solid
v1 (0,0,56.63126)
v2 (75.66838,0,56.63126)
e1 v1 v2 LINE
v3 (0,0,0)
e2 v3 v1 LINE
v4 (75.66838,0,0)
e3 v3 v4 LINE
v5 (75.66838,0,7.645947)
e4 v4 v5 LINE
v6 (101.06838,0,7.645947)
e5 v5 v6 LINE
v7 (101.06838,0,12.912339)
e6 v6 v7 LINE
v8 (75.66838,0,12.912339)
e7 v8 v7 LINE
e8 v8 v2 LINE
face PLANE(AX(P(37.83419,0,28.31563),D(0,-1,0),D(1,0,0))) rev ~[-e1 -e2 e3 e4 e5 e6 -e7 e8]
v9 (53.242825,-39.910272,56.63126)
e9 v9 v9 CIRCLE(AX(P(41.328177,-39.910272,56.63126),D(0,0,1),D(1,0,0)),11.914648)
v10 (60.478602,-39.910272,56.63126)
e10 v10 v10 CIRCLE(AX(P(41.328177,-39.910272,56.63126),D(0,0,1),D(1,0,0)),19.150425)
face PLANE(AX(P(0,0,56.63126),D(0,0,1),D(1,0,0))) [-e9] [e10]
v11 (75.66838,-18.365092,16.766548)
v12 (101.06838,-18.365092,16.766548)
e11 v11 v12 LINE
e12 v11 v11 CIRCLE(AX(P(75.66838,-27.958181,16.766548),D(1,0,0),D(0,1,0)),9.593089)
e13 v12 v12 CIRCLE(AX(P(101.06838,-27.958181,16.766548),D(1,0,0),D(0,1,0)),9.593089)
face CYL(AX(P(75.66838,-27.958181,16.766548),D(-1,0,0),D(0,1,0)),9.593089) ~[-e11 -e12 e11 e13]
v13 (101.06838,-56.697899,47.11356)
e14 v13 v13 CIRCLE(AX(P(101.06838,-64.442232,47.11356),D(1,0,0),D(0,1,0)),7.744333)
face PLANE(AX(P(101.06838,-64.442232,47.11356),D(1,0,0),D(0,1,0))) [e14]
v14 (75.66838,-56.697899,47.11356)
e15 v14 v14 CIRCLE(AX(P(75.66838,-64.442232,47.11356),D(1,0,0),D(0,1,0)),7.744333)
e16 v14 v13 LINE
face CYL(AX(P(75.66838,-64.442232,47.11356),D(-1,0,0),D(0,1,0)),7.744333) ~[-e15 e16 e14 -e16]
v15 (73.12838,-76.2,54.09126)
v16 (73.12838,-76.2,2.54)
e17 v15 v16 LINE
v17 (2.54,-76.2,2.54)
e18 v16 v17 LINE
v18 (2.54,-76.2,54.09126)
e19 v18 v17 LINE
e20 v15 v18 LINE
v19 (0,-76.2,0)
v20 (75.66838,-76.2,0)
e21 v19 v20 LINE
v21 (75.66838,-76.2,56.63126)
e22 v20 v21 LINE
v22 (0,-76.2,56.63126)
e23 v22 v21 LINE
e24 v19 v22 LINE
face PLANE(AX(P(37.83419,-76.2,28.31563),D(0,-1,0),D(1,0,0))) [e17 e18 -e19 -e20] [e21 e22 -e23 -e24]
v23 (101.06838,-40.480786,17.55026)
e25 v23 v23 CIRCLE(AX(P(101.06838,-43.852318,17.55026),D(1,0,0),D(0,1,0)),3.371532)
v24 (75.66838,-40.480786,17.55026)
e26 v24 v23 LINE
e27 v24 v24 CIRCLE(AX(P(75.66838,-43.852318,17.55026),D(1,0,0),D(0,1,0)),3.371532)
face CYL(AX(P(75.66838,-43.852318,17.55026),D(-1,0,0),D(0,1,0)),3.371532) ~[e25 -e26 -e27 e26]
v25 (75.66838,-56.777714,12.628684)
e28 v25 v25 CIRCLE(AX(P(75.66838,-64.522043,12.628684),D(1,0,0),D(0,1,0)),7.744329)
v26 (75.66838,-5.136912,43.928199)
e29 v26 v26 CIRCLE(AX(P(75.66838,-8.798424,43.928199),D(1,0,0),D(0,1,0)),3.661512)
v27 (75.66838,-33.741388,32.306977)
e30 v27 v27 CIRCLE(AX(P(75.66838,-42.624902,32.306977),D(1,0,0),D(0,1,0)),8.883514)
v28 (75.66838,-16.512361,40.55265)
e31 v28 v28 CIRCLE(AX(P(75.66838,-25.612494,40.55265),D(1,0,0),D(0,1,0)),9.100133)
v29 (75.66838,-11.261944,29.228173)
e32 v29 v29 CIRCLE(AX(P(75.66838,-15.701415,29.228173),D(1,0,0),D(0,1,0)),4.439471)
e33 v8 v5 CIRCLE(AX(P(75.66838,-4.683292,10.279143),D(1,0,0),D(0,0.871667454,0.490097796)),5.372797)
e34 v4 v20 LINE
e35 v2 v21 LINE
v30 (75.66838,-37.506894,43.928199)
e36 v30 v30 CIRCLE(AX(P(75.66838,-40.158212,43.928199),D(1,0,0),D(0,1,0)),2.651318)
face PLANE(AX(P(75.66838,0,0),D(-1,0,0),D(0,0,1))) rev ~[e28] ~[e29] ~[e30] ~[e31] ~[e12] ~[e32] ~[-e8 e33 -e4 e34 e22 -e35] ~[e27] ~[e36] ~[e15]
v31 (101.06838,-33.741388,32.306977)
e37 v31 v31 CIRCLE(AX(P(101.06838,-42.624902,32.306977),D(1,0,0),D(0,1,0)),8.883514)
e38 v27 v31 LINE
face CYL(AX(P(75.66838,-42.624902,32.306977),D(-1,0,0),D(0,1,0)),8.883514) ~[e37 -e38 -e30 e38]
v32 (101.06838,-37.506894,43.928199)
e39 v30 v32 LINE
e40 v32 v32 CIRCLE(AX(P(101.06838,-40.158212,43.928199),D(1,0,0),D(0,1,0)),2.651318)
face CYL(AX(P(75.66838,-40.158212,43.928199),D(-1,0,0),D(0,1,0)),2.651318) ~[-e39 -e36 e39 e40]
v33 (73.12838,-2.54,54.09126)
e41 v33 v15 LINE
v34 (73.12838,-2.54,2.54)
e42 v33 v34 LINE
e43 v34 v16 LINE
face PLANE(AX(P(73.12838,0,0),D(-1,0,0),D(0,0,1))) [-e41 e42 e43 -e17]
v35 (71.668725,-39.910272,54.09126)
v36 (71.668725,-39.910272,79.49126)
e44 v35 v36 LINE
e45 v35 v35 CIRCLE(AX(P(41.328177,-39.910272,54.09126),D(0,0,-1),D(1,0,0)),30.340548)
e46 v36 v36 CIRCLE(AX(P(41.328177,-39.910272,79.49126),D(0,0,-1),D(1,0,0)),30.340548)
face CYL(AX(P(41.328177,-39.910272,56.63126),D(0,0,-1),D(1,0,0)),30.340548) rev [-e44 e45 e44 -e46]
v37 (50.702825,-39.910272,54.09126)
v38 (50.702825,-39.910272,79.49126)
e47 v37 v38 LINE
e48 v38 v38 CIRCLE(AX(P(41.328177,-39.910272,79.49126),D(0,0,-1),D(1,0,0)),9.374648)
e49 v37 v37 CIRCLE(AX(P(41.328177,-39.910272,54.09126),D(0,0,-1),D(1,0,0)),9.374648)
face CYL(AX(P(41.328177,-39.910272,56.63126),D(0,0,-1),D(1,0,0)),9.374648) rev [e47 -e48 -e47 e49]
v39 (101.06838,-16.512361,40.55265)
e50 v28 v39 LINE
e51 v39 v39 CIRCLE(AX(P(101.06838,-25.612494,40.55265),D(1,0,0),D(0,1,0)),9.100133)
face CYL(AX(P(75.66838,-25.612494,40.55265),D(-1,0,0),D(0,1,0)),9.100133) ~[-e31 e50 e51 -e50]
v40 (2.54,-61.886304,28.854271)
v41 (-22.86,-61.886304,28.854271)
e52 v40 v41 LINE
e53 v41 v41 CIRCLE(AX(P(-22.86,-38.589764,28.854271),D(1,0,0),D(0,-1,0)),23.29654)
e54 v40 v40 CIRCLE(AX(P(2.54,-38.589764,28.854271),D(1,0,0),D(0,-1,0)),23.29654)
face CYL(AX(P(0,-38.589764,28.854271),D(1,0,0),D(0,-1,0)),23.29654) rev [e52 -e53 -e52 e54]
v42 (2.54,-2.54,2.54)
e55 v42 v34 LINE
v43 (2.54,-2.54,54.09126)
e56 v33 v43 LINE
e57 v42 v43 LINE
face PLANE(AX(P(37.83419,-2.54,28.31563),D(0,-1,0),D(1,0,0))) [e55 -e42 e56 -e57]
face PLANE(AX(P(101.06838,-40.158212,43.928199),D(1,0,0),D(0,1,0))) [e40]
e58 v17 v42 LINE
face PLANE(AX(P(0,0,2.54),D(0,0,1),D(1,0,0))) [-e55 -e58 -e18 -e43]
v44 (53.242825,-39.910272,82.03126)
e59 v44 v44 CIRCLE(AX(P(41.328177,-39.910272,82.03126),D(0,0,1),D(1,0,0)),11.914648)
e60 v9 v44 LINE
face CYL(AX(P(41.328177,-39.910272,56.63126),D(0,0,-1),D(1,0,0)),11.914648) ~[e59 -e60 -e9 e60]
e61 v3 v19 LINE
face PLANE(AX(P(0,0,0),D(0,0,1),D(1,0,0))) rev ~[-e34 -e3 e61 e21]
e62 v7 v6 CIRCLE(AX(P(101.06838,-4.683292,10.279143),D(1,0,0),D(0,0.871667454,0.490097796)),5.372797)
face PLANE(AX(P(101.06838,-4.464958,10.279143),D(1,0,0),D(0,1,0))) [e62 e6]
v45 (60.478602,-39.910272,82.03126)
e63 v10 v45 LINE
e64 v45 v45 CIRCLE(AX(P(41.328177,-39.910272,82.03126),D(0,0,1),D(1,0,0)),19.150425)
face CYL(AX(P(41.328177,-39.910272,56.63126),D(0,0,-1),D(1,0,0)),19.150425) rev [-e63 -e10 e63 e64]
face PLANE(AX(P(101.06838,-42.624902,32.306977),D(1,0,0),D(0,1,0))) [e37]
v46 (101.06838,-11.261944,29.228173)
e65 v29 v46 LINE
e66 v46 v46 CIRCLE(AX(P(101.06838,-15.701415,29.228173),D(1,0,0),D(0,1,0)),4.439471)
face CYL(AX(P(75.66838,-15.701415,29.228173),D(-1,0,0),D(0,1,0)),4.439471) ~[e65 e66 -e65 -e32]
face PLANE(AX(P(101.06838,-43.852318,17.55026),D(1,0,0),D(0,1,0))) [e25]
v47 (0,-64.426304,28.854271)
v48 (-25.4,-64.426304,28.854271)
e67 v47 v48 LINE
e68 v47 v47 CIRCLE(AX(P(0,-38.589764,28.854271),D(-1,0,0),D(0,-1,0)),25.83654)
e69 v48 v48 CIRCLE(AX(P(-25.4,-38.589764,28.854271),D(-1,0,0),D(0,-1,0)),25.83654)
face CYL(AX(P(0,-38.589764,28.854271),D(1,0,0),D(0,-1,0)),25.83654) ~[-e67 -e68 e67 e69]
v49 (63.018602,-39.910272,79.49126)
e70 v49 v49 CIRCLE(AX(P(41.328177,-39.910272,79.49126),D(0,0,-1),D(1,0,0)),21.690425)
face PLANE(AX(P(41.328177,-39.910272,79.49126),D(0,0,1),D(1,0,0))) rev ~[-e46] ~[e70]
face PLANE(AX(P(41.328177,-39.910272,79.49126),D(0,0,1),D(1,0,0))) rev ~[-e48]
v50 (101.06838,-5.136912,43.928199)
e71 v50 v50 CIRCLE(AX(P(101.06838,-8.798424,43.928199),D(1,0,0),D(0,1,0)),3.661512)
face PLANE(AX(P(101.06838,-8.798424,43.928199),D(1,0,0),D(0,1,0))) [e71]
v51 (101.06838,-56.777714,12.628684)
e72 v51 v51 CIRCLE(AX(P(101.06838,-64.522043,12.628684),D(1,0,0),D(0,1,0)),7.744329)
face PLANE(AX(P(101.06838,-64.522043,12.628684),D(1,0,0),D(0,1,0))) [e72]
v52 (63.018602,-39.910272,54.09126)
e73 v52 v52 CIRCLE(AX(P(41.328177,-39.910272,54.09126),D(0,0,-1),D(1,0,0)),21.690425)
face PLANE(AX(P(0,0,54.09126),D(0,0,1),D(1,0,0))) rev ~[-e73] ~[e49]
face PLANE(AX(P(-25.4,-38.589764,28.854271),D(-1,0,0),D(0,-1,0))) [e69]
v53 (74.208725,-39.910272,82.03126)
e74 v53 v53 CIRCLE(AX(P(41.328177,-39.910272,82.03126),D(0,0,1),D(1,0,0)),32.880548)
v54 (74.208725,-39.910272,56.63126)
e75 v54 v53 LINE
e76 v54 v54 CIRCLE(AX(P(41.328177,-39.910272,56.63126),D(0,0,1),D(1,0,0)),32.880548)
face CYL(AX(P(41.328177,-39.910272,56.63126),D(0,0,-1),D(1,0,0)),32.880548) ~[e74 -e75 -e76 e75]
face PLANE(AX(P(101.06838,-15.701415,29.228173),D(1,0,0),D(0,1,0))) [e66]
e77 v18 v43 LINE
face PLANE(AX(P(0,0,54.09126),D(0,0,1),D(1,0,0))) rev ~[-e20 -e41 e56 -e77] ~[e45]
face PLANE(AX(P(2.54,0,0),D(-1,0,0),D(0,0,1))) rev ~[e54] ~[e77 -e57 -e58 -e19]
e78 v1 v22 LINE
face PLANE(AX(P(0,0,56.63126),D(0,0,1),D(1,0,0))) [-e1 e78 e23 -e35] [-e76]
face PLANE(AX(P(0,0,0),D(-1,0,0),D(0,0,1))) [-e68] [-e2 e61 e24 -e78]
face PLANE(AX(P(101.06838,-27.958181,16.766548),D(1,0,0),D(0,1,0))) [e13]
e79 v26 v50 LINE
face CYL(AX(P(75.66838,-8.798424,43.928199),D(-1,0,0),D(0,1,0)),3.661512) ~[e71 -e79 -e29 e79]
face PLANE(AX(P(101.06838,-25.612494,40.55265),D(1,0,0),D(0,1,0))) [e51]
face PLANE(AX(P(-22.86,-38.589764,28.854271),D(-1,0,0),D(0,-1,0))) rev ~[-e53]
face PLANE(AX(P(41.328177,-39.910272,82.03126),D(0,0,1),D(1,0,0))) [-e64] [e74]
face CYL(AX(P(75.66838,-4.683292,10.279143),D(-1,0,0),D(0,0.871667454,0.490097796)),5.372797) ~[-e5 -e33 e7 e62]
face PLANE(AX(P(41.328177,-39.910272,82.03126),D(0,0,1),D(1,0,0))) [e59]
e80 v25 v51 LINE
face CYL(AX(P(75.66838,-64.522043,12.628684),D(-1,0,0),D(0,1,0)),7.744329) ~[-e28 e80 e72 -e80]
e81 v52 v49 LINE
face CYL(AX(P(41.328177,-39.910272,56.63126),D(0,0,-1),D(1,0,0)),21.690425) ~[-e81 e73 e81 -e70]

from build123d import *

# Parameters (mm, degrees)
F0_W     = 75.6683796644
F0_H     = 56.6312596202
F1_DEPTH = 76.2
F2_R     = 32.8805478482
F2_R_2   = 27.3422805509
F2_R_3   = 19.1504254532
F2_R_4   = 11.9146478849
F3_DEPTH = 25.4
F4_R     = 25.8365396263
F4_R_2   = 16.7772933898
F4_R_3   = 9.0542222029
F5_DEPTH = 25.4
F6_T     = -2.54
F7_R     = 3.661512341
F7_R_2   = 9.1001332581
F7_R_3   = 2.6513181401
F7_R_4   = 8.8835137034
F7_R_5   = 3.3715323173
F7_R_6   = 9.593089253
F7_R_7   = 4.4394708986
F7_R_8   = 7.7443328278
F7_R_9   = 7.7443291059
F8_DEPTH = 25.4


with BuildPart() as f1:
    # F0 (on Front) → F1 (new body)
    with BuildSketch(Plane.XZ):
        with Locations((37.8341898322, 28.3156298101)):
            Rectangle(F0_W, F0_H)
    extrude(amount=F1_DEPTH)

    # F2 (on face) → F3 (join)
    with BuildSketch(Plane.XY.offset(56.6312596202)):
        with Locations((41.328176856, -39.9102717638)):
            Circle(F2_R)
        with Locations((41.328176856, -39.9102717638)):
            Circle(F2_R_2, mode=Mode.SUBTRACT)
        with Locations((41.328176856, -39.9102717638)):
            Circle(F2_R_2)
        with Locations((41.328176856, -39.9102717638)):
            Circle(F2_R_3, mode=Mode.SUBTRACT)
        with Locations((41.328176856, -39.9102717638)):
            Circle(F2_R_4)
    extrude(amount=F3_DEPTH)

    # F4 (on face) → F5 (join)
    with BuildSketch(Plane(origin=(0, 0, 0), x_dir=(0, -1, 0), z_dir=(-1, 0, 0))):
        with Locations((38.5897643864, 28.854271397)):
            Circle(F4_R)
        with Locations((38.5897643864, 28.854271397)):
            Circle(F4_R_2, mode=Mode.SUBTRACT)
        with Locations((38.5897643864, 28.854271397)):
            Circle(F4_R_2)
        with Locations((38.5897643864, 28.854271397)):
            Circle(F4_R_3, mode=Mode.SUBTRACT)
        with Locations((38.5897643864, 28.854271397)):
            Circle(F4_R_3)
    extrude(amount=F5_DEPTH)

    # F6
    f6_openings = [f1.faces().sort_by_distance(p)[0] for p in [
        (37.83419, -76.2, 28.31563),
    ]]
    offset(amount=F6_T, openings=f6_openings, kind=Kind.INTERSECTION)

    # F7 (on face) → F8 (join)
    with BuildSketch(Plane.YZ.offset(75.6683796644)):
        with Locations((-8.7984241545, 43.9281985164)):
            Circle(F7_R)
        with Locations((-25.612493977, 40.552649647)):
            Circle(F7_R_2)
        with Locations((-40.1582121849, 43.9281985164)):
            Circle(F7_R_3)
        with Locations((-42.6249019802, 32.3069766164)):
            Circle(F7_R_4)
        with Locations((-43.8523180783, 17.5502598286)):
            Circle(F7_R_5)
        with Locations((-27.9581807554, 16.7665481567)):
            Circle(F7_R_6)
        with Locations((-15.7014150172, 29.2281731963)):
            Circle(F7_R_7)
        with BuildLine():
            Line((0, 7.6459474177), (0, 12.9123390406))
            ThreePointArc((0, 12.9123390406), (-10.0560886873, 10.2791432291), (0, 7.6459474177))
        make_face()
        with Locations((-64.4422322512, 47.1135601401)):
            Circle(F7_R_8)
        with Locations((-64.5220428705, 12.6286838204)):
            Circle(F7_R_9)
    extrude(amount=F8_DEPTH)


solid = f1.part
